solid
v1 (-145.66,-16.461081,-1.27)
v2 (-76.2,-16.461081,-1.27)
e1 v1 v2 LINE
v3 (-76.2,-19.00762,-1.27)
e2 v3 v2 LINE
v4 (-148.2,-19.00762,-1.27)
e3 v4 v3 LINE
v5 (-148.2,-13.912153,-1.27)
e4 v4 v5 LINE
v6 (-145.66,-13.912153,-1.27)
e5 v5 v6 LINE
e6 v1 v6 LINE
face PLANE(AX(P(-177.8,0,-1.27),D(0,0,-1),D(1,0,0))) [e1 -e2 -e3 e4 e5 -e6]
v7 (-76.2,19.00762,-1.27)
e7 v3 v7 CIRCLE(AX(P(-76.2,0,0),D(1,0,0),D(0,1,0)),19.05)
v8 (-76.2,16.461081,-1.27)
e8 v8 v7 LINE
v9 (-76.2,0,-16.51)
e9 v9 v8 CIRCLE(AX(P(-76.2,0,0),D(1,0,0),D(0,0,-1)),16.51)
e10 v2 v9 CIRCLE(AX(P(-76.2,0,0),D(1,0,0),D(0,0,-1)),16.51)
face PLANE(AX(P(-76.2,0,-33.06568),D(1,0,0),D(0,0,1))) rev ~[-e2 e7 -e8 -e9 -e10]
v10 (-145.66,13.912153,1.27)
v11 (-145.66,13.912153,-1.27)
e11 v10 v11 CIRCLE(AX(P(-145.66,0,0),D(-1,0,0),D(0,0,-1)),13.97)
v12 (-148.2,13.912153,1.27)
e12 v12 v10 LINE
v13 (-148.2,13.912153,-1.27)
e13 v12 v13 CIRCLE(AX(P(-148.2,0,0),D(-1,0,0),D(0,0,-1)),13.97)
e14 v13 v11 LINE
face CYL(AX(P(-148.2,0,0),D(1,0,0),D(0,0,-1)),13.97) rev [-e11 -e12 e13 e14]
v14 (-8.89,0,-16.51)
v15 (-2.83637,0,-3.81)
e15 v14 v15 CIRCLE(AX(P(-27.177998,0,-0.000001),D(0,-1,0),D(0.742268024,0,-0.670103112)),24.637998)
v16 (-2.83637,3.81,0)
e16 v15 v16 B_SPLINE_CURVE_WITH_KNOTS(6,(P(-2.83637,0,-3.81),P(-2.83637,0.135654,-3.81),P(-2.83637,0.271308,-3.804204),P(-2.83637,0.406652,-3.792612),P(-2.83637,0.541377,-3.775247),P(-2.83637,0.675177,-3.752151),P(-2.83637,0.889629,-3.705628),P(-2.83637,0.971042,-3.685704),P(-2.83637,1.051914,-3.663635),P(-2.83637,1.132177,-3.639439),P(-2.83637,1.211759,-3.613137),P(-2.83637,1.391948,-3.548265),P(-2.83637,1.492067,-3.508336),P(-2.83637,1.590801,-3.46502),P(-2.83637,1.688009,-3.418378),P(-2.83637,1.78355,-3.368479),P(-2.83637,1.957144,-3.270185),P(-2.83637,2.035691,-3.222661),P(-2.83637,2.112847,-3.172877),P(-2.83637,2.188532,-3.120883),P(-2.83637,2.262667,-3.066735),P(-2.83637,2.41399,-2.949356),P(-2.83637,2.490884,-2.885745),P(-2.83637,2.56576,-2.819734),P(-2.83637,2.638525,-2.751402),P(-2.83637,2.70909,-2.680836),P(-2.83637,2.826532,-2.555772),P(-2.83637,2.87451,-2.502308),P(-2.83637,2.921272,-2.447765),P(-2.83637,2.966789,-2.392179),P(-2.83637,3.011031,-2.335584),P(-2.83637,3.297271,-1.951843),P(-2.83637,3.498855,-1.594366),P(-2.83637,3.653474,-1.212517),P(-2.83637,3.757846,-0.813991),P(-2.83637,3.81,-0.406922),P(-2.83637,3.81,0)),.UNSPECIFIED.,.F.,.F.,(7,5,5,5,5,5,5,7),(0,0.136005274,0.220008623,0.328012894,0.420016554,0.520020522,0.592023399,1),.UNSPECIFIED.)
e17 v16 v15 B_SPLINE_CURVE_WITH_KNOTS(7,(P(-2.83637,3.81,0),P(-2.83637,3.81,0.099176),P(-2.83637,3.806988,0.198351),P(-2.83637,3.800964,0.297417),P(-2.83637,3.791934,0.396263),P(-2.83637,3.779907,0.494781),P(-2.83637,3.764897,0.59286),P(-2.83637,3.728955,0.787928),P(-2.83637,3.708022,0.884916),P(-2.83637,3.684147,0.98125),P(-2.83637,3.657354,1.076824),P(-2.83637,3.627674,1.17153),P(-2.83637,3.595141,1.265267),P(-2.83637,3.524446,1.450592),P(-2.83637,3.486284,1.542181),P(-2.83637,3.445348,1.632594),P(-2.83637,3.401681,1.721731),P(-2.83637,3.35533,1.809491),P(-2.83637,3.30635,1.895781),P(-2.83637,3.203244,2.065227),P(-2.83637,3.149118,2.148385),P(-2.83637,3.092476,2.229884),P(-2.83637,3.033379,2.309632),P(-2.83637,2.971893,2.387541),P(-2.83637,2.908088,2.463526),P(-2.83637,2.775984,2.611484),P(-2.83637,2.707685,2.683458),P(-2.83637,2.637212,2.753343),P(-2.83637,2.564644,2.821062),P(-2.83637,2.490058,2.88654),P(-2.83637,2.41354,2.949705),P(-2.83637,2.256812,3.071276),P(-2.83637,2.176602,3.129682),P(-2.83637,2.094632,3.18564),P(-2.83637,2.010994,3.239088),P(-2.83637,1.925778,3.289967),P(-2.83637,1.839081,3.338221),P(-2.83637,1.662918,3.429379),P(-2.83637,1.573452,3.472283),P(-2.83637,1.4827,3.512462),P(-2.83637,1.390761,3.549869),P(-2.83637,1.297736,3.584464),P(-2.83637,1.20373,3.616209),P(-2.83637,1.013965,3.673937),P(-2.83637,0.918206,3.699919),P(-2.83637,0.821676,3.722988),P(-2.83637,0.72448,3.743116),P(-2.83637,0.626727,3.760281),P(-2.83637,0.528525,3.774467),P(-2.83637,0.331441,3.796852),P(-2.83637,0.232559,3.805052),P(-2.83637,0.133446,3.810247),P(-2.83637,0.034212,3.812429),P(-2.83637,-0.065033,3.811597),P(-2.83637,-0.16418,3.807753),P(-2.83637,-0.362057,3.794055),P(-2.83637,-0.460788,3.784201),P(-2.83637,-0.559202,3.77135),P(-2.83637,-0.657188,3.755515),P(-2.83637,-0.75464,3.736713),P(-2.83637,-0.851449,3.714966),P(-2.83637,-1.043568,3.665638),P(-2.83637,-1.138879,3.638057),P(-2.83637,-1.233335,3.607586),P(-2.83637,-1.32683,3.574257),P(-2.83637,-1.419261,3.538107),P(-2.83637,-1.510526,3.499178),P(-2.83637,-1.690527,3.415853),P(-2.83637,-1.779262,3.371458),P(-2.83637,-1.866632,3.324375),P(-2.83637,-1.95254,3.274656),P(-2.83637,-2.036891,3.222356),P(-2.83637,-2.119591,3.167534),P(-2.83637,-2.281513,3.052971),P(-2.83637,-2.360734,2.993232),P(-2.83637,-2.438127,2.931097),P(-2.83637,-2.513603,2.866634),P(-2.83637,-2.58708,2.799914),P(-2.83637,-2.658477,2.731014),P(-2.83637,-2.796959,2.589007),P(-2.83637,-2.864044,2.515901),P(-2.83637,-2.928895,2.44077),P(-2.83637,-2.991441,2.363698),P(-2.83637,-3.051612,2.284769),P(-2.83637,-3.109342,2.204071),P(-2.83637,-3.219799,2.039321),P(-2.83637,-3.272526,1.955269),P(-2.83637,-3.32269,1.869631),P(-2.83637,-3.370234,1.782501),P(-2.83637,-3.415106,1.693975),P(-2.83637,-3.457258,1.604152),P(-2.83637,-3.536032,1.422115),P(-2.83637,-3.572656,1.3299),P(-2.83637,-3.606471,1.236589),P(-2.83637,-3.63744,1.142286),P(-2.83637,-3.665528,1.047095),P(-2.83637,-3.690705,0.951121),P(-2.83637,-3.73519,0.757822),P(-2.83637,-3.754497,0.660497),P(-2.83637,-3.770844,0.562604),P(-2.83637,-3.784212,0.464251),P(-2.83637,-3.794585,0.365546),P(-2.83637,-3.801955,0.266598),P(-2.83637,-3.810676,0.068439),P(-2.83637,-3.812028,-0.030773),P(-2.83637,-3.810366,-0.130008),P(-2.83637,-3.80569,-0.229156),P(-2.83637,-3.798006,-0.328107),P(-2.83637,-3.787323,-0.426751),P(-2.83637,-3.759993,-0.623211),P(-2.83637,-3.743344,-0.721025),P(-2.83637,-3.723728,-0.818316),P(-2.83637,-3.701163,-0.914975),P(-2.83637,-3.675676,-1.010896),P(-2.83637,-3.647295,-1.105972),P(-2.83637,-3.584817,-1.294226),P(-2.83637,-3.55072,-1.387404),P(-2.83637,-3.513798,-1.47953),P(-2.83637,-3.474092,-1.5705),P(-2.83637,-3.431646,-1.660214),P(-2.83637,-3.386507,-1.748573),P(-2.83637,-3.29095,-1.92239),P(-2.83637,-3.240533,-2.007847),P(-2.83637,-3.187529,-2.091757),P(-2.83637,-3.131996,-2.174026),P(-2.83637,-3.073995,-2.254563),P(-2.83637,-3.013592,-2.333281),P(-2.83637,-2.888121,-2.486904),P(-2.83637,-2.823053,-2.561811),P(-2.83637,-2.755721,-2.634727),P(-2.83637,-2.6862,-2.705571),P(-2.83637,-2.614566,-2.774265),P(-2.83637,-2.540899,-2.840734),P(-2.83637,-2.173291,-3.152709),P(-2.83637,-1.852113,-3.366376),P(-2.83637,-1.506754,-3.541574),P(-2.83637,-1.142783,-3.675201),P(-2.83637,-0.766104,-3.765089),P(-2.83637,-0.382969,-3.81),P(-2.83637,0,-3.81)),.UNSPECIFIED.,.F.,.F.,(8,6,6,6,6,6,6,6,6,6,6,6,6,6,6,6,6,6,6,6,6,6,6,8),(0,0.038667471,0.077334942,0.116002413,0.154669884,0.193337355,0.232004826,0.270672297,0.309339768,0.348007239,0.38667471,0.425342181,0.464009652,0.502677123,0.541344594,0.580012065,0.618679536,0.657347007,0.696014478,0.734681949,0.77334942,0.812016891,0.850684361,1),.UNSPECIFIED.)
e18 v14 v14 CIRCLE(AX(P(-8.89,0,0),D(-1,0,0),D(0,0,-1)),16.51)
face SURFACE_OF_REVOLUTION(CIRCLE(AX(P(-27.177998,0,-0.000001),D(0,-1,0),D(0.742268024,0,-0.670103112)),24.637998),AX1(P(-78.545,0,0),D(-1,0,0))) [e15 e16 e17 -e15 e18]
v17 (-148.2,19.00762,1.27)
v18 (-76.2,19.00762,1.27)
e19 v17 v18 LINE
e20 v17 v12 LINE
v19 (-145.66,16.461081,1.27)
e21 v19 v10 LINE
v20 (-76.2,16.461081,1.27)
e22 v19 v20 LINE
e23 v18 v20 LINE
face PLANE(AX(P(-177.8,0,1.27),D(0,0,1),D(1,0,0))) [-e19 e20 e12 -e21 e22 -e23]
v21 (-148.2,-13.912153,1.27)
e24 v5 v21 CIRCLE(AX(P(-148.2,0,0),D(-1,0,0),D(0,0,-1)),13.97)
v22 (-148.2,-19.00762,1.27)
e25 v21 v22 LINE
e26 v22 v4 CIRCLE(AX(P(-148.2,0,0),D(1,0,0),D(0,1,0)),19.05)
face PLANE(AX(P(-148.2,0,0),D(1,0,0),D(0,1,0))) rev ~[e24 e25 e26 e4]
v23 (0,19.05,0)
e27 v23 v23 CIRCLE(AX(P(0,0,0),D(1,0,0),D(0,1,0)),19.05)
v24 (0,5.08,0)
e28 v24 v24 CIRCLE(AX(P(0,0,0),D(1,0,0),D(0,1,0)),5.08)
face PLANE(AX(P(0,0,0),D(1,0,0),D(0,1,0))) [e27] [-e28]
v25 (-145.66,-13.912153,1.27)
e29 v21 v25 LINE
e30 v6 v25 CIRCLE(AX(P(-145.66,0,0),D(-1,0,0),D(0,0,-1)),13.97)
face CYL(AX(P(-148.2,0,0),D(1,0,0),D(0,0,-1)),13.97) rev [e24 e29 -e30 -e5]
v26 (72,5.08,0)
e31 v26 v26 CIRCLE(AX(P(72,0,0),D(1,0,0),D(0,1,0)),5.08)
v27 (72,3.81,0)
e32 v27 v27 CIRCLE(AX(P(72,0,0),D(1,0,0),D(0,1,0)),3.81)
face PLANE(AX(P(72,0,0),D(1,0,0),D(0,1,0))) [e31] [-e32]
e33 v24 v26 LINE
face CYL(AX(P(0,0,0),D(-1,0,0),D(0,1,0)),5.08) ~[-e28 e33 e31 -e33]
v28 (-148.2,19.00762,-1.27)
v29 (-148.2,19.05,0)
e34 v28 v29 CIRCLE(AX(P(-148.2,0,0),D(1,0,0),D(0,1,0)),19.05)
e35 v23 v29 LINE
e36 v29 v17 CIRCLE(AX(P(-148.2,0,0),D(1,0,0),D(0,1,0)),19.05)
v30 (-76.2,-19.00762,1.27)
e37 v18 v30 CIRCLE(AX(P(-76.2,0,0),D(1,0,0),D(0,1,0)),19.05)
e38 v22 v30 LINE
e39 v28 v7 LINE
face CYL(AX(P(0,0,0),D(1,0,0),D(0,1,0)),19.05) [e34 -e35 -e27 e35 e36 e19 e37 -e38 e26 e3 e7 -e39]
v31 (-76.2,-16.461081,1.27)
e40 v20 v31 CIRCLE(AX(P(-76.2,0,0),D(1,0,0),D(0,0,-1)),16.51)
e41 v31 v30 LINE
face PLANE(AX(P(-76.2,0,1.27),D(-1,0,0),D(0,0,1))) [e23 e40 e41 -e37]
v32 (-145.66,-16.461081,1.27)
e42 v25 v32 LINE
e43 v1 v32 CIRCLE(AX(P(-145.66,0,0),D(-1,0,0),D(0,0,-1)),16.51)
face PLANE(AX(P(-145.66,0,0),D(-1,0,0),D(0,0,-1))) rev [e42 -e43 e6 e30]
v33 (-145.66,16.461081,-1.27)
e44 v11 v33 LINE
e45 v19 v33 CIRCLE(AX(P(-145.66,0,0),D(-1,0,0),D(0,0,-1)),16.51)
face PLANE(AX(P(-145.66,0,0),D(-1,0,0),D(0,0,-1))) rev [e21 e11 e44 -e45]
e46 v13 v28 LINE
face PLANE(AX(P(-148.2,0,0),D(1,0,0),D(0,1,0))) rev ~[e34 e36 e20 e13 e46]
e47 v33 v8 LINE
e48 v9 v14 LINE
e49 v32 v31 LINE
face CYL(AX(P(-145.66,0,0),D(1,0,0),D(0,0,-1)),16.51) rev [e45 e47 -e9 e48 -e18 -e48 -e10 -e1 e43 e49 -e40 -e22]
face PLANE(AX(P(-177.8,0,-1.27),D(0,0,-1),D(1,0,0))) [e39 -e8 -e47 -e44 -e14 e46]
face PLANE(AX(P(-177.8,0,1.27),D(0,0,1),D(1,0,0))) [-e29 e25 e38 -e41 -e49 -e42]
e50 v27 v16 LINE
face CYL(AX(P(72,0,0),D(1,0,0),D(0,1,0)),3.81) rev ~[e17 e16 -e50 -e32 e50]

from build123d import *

# Parameters (mm, degrees)
F0_R     = 19.05
F1_DEPTH = 148.2
F4_W     = 101.6
F4_H     = 31.79568
F5_DEPTH = 25.4
F6_R     = 5.08
F7_DEPTH = 72
F8_R     = 3.81
F9_DEPTH = 152.4


with BuildPart() as f1:
    # F0 (on Right) → F1 (new body)
    with BuildSketch(Plane.YZ):
        Circle(F0_R)
    extrude(amount=-F1_DEPTH)

    # F2 (on Front) → F3 (revolve, cut)
    with BuildSketch(Plane.XZ):
        with BuildLine():
            ThreePointArc((-8.89, -16.51), (-4.182231, -8.844527), (-2.54, 0))
            Line((-2.54, 0), (-8.89, 0))
            Line((-8.89, 0), (-8.89, -16.51))
        make_face()
        Polygon((-8.89, -16.51), (-8.89, 0), (-148.2, 0), (-148.2, -13.97), (-145.66, -13.97), (-145.66, -16.51), (-76.2, -16.51), align=None)
    revolve(axis=Axis((-78.545, 0, 0), (-1, 0, 0)), mode=Mode.SUBTRACT)

    # F4 (on Front) → F5 (cut, symmetric)
    with BuildSketch(Plane.XZ):
        Polygon((-177.8, 1.27), (-76.2, 1.27), (-76.2, 26.052563), (-178.992286, 26.052563), align=None)
        with Locations((-127, -17.16784)):
            Rectangle(F4_W, F4_H)
    extrude(amount=F5_DEPTH, both=True, mode=Mode.SUBTRACT)

    # F6 (on face) → F7 (join)
    with BuildSketch(Plane.YZ):
        Circle(F6_R)
    extrude(amount=F7_DEPTH)

    # F8 (on face) → F9 (cut)
    with BuildSketch(Plane.YZ.offset(72)):
        Circle(F8_R)
    extrude(amount=-F9_DEPTH, mode=Mode.SUBTRACT)


solid = f1.part
